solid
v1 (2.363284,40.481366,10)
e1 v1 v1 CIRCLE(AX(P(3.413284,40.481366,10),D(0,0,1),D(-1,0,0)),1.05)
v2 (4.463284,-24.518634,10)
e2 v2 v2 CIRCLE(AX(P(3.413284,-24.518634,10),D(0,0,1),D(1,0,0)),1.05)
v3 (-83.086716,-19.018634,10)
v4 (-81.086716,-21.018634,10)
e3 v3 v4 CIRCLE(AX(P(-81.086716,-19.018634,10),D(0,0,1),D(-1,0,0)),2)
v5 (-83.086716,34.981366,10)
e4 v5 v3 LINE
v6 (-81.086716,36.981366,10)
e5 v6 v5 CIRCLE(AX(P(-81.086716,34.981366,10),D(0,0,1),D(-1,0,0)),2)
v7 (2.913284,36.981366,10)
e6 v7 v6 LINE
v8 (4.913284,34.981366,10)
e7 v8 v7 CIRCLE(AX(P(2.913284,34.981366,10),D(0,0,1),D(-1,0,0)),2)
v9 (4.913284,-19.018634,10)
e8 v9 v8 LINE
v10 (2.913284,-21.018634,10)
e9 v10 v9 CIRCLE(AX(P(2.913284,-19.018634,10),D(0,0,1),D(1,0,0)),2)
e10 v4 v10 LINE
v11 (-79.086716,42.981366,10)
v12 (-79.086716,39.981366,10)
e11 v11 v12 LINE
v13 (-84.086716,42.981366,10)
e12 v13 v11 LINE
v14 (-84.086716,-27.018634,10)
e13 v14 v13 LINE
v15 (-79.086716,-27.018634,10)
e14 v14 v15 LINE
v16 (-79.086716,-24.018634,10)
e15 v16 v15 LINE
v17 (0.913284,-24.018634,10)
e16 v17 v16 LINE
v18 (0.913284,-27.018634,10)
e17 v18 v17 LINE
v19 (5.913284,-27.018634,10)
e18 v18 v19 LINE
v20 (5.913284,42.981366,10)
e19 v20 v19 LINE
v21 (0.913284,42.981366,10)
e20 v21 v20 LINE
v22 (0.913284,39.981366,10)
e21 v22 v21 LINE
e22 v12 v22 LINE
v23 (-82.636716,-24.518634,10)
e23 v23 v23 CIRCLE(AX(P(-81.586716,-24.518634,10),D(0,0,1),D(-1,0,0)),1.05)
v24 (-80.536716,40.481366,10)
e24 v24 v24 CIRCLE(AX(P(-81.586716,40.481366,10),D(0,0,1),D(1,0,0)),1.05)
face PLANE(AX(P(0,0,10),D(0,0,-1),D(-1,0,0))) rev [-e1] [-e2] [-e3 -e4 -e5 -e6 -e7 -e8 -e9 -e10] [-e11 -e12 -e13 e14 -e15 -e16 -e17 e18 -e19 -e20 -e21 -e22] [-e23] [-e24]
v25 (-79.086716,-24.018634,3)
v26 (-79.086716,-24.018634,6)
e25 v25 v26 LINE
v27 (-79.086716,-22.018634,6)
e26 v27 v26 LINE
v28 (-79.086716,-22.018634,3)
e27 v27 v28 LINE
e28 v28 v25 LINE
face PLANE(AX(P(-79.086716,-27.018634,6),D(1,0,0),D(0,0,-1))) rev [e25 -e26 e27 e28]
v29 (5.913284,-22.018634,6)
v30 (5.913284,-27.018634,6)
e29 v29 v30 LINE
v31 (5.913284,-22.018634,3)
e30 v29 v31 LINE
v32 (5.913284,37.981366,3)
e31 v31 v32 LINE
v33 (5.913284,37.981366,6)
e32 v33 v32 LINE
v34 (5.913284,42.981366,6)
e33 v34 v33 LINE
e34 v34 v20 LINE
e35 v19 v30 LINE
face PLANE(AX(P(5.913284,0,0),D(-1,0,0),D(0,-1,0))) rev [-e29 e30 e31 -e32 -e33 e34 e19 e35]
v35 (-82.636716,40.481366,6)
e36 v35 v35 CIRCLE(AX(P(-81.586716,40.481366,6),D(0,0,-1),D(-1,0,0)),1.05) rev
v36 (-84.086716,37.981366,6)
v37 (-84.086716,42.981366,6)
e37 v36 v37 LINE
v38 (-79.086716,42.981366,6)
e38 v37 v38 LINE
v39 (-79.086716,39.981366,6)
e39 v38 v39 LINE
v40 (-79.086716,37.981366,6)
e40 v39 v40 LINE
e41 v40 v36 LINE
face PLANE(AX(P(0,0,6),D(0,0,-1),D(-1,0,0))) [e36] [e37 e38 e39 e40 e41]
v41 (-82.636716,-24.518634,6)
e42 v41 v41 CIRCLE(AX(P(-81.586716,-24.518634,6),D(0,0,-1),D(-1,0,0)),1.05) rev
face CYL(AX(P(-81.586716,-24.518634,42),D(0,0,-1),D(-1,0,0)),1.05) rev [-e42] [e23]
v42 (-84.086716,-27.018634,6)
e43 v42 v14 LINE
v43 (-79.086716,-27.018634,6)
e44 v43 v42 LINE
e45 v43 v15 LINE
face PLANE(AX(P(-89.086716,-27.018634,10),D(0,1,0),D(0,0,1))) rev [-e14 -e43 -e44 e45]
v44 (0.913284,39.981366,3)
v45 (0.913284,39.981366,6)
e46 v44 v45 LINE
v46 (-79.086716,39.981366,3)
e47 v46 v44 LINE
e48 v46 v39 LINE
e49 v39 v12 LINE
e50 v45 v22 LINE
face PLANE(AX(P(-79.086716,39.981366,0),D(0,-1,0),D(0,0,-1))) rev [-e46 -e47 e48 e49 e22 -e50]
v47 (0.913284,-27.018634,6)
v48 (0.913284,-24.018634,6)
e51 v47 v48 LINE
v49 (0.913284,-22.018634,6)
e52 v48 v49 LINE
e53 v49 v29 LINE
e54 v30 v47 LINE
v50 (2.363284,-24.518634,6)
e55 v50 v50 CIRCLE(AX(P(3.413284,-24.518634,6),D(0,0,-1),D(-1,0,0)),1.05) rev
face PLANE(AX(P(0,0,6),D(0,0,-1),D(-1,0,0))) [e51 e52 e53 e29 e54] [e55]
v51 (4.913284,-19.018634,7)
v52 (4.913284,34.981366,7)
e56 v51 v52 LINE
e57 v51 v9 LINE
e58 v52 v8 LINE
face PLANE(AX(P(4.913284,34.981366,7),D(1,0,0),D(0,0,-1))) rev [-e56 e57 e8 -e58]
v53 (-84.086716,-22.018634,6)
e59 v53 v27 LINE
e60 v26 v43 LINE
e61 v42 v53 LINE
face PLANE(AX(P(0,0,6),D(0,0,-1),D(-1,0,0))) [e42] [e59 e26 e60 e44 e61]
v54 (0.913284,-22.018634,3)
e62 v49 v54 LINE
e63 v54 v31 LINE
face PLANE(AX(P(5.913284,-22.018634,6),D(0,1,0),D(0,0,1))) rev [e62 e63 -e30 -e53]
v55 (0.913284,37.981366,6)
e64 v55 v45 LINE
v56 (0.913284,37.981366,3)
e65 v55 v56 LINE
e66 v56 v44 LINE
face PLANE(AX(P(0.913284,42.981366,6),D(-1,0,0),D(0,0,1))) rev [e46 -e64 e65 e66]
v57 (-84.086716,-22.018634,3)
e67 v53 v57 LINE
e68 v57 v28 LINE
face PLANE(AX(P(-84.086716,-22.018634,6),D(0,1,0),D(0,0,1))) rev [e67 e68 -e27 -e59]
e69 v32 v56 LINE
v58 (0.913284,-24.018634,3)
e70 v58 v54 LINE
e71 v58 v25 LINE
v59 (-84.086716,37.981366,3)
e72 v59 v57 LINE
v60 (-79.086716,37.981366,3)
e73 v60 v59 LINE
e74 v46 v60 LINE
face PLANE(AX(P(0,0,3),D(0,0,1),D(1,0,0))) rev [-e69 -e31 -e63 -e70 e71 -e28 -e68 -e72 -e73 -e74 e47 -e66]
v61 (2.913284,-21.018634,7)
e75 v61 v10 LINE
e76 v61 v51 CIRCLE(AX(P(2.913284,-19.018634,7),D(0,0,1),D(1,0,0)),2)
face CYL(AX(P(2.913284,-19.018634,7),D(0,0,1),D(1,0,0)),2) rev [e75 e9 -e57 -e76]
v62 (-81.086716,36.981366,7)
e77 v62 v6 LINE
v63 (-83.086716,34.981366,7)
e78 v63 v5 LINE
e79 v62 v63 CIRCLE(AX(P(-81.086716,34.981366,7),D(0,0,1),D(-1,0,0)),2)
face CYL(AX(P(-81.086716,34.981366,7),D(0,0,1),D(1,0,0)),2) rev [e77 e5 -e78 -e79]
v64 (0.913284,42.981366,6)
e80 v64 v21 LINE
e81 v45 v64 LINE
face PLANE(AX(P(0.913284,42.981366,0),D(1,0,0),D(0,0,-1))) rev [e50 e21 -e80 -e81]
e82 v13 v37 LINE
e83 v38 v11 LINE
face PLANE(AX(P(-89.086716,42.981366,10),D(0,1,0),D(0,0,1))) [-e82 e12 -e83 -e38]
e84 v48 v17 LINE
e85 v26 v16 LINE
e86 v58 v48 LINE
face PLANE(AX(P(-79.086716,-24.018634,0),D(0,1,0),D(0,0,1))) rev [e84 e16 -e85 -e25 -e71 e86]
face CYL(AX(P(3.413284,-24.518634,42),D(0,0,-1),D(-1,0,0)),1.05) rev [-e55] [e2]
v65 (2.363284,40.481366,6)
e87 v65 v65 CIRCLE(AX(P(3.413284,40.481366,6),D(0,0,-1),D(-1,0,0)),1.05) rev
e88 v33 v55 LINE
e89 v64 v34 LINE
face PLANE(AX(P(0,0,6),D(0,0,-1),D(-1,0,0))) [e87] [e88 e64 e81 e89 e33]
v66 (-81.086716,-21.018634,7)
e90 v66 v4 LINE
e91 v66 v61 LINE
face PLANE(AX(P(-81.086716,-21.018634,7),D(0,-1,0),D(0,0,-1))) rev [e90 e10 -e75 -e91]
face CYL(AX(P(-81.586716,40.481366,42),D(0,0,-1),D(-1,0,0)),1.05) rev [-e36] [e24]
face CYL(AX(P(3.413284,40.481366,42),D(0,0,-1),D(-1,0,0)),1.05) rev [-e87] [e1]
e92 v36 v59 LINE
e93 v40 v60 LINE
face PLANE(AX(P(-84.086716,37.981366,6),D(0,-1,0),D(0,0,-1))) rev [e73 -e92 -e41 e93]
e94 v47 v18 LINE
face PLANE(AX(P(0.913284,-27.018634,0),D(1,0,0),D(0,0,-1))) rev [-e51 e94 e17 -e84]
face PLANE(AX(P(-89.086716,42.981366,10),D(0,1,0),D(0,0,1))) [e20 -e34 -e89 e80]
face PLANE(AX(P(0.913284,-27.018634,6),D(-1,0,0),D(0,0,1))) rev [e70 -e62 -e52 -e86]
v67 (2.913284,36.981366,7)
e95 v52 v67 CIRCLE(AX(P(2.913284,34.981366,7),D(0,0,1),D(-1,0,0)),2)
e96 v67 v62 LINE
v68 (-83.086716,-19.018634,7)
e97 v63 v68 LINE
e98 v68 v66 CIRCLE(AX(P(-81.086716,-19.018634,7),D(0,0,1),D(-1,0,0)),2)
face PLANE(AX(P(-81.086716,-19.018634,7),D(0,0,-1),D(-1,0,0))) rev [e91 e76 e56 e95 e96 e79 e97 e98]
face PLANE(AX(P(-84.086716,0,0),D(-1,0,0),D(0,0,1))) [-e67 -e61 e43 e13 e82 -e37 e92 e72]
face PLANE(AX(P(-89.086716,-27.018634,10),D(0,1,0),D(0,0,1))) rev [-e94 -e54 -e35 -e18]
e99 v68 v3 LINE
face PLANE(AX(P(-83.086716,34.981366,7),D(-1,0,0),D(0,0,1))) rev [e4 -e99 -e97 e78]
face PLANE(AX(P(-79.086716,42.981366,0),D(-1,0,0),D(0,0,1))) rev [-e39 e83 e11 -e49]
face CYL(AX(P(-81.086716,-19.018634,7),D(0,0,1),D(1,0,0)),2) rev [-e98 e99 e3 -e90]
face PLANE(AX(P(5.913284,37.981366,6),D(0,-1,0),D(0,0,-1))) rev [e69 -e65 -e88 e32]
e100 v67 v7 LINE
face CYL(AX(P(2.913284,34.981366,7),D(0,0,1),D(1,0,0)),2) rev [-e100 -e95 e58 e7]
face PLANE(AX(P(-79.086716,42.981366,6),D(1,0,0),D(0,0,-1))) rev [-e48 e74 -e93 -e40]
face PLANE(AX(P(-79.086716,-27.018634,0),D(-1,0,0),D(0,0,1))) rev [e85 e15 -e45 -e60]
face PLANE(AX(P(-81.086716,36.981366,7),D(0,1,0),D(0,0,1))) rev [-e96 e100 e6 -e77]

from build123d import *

# Parameters (mm, degrees)
SKETCH_1_W           = 100
SKETCH_1_H           = 70
EXTRUDE_1_DEPTH      = 10
SKETCH_6_W           = 5
SKETCH_6_H           = 5
CUT_EXTRUDE_4_DEPTH  = 5
SKETCH_7_W           = 5
SKETCH_7_H           = 5
CUT_EXTRUDE_5_DEPTH  = 3
SKETCH_8_R           = 1.05
CUT_EXTRUDE_6_DEPTH  = 42
SKETCH_10_W          = 100
SKETCH_10_H          = 70
CUT_EXTRUDE_7_DEPTH  = 3
SKETCH_11_W          = 7
SKETCH_11_H          = 70
CUT_EXTRUDE_8_DEPTH  = 5
SKETCH_12_W          = 7
SKETCH_12_H          = 70
CUT_EXTRUDE_9_DEPTH  = 5
SKETCH_15_W          = 82
SKETCH_15_H          = 52
CUT_EXTRUDE_12_DEPTH = 3
SKETCH_16_W          = 5
SKETCH_16_H          = 5
SKETCH_16_R          = 1.05
EXTRUDE_2_DEPTH      = 5
SKETCH_18_W          = 80
SKETCH_18_H          = 3
CUT_EXTRUDE_13_DEPTH = 10
SKETCH_19_W          = 82
SKETCH_19_H          = 52
CUT_EXTRUDE_14_DEPTH = 3
SKETCH_20_W          = 5
SKETCH_20_H          = 5
CUT_EXTRUDE_15_DEPTH = 3


with BuildPart() as part:
    # 草圖1 → 填料-伸長1 (new body)
    with BuildSketch(Plane.XY):
        with Locations((-39.08671555, 7.98136646)):
            Rectangle(SKETCH_1_W, SKETCH_1_H)
    extrude(amount=EXTRUDE_1_DEPTH)

    # 草圖6 → 除料-伸長4 (cut)
    with BuildSketch(Plane.XY.offset(10)):
        with Locations((3.41328445, 40.48136646)):
            Rectangle(SKETCH_6_W, SKETCH_6_H)
        with Locations((-81.58671555, 40.48136646)):
            Rectangle(SKETCH_6_W, SKETCH_6_H)
        with Locations((-81.58671555, -24.51863354)):
            Rectangle(SKETCH_6_W, SKETCH_6_H)
        with Locations((3.41328445, -24.51863354)):
            Rectangle(SKETCH_6_W, SKETCH_6_H)
    extrude(amount=-CUT_EXTRUDE_4_DEPTH, mode=Mode.SUBTRACT)

    # 草圖7 → 除料-伸長5 (cut)
    with BuildSketch(Plane(origin=(0, 0, 0), x_dir=(-1, 0, 0), z_dir=(0, 0, -1))):
        with Locations((81.58671555, 40.48136646)):
            Rectangle(SKETCH_7_W, SKETCH_7_H)
        with Locations((-3.41328445, 40.48136646)):
            Rectangle(SKETCH_7_W, SKETCH_7_H)
        with Locations((81.58671555, -24.51863354)):
            Rectangle(SKETCH_7_W, SKETCH_7_H)
        with Locations((-3.41328445, -24.51863354)):
            Rectangle(SKETCH_7_W, SKETCH_7_H)
    extrude(amount=-CUT_EXTRUDE_5_DEPTH, mode=Mode.SUBTRACT)

    # 草圖8 → 除料-伸長6 (cut)
    with BuildSketch(Plane(origin=(0, 0, 0), x_dir=(-1, 0, 0), z_dir=(0, 0, -1))):
        with Locations((-3.41328445, 40.48136646)):
            Circle(SKETCH_8_R)
        with Locations((81.58671555, 40.48136646)):
            Circle(SKETCH_8_R)
        with Locations((81.58671555, -24.51863354)):
            Circle(SKETCH_8_R)
        with Locations((-3.41328445, -24.51863354)):
            Circle(SKETCH_8_R)
    extrude(amount=-CUT_EXTRUDE_6_DEPTH, mode=Mode.SUBTRACT)

    # 草圖10 → 除料-伸長7 (cut)
    with BuildSketch(Plane.XY):
        with Locations((-39.08671555, 7.98136646)):
            Rectangle(SKETCH_10_W, SKETCH_10_H)
    extrude(amount=CUT_EXTRUDE_7_DEPTH, mode=Mode.SUBTRACT)

    # 草圖11 → 除料-伸長8 (cut)
    with BuildSketch(Plane(origin=(10.91328445, 0, 0), x_dir=(0, 0, -1), z_dir=(1, 0, 0))):
        with Locations((-6.5, 7.98136646)):
            Rectangle(SKETCH_11_W, SKETCH_11_H)
    extrude(amount=-CUT_EXTRUDE_8_DEPTH, mode=Mode.SUBTRACT)

    # 草圖12 → 除料-伸長9 (cut)
    with BuildSketch(Plane.ZY.offset(89.08671555)):
        with Locations((6.5, 7.98136646)):
            Rectangle(SKETCH_12_W, SKETCH_12_H)
    extrude(amount=-CUT_EXTRUDE_9_DEPTH, mode=Mode.SUBTRACT)

    # 草圖15 → 除料-伸長12 (cut)
    with BuildSketch(Plane.XY.offset(10)):
        with BuildLine():
            Line((-83.08671555, 34.98136646), (-83.08671555, -19.01863354))
            ThreePointArc((-83.08671555, -19.01863354), (-82.500929112, -20.432847103), (-81.08671555, -21.01863354))
            Line((-81.08671555, -21.01863354), (2.91328445, -21.01863354))
            ThreePointArc((2.91328445, -21.01863354), (4.327498013, -20.432847103), (4.91328445, -19.01863354))
            Line((4.91328445, -19.01863354), (4.91328445, 34.98136646))
            ThreePointArc((4.91328445, 34.98136646), (4.327498013, 36.395580022), (2.91328445, 36.98136646))
            Line((2.91328445, 36.98136646), (-81.08671555, 36.98136646))
            ThreePointArc((-81.08671555, 36.98136646), (-82.500929112, 36.395580022), (-83.08671555, 34.98136646))
        make_face()
        with Locations((-39.08671555, 7.98136646)):
            Rectangle(SKETCH_15_W, SKETCH_15_H, mode=Mode.SUBTRACT)
    extrude(amount=-CUT_EXTRUDE_12_DEPTH, mode=Mode.SUBTRACT)

    # 草圖16 → 填料-伸長2 (add)
    with BuildSketch(Plane.XY.offset(5)):
        with Locations((-81.58671555, 40.48136646)):
            Rectangle(SKETCH_16_W, SKETCH_16_H)
        with Locations((-81.58671555, 40.48136646)):
            Circle(SKETCH_16_R, mode=Mode.SUBTRACT)
        with Locations((3.41328445, 40.48136646)):
            Rectangle(SKETCH_16_W, SKETCH_16_H)
        with Locations((3.41328445, 40.48136646)):
            Circle(SKETCH_16_R, mode=Mode.SUBTRACT)
        with Locations((3.41328445, -24.51863354)):
            Rectangle(SKETCH_16_W, SKETCH_16_H)
        with Locations((3.41328445, -24.51863354)):
            Circle(SKETCH_16_R, mode=Mode.SUBTRACT)
        with Locations((-81.58671555, -24.51863354)):
            Rectangle(SKETCH_16_W, SKETCH_16_H)
        with Locations((-81.58671555, -24.51863354)):
            Circle(SKETCH_16_R, mode=Mode.SUBTRACT)
    extrude(amount=EXTRUDE_2_DEPTH)

    # 草圖18 → 除料-伸長13 (cut)
    with BuildSketch(Plane.XY.offset(10)):
        with Locations((-39.08671555, 41.48136646)):
            Rectangle(SKETCH_18_W, SKETCH_18_H)
        with Locations((-39.08671555, -25.51863354)):
            Rectangle(SKETCH_18_W, SKETCH_18_H)
    extrude(amount=-CUT_EXTRUDE_13_DEPTH, mode=Mode.SUBTRACT)

    # 草圖19 → 除料-伸長14 (cut)
    with BuildSketch(Plane.XY.offset(10)):
        with Locations((-39.08671555, 7.98136646)):
            Rectangle(SKETCH_19_W, SKETCH_19_H)
    extrude(amount=-CUT_EXTRUDE_14_DEPTH, mode=Mode.SUBTRACT)

    # 草圖20 → 除料-伸長15 (cut)
    with BuildSketch(Plane(origin=(0, 0, 3), x_dir=(-1, 0, 0), z_dir=(0, 0, -1))):
        with Locations((81.58671555, 40.48136646)):
            Rectangle(SKETCH_20_W, SKETCH_20_H)
        with Locations((-3.41328445, 40.48136646)):
            Rectangle(SKETCH_20_W, SKETCH_20_H)
        with Locations((81.58671555, -24.51863354)):
            Rectangle(SKETCH_20_W, SKETCH_20_H)
        with Locations((-3.41328445, -24.51863354)):
            Rectangle(SKETCH_20_W, SKETCH_20_H)
    extrude(amount=-CUT_EXTRUDE_15_DEPTH, mode=Mode.SUBTRACT)


solid = part.part
